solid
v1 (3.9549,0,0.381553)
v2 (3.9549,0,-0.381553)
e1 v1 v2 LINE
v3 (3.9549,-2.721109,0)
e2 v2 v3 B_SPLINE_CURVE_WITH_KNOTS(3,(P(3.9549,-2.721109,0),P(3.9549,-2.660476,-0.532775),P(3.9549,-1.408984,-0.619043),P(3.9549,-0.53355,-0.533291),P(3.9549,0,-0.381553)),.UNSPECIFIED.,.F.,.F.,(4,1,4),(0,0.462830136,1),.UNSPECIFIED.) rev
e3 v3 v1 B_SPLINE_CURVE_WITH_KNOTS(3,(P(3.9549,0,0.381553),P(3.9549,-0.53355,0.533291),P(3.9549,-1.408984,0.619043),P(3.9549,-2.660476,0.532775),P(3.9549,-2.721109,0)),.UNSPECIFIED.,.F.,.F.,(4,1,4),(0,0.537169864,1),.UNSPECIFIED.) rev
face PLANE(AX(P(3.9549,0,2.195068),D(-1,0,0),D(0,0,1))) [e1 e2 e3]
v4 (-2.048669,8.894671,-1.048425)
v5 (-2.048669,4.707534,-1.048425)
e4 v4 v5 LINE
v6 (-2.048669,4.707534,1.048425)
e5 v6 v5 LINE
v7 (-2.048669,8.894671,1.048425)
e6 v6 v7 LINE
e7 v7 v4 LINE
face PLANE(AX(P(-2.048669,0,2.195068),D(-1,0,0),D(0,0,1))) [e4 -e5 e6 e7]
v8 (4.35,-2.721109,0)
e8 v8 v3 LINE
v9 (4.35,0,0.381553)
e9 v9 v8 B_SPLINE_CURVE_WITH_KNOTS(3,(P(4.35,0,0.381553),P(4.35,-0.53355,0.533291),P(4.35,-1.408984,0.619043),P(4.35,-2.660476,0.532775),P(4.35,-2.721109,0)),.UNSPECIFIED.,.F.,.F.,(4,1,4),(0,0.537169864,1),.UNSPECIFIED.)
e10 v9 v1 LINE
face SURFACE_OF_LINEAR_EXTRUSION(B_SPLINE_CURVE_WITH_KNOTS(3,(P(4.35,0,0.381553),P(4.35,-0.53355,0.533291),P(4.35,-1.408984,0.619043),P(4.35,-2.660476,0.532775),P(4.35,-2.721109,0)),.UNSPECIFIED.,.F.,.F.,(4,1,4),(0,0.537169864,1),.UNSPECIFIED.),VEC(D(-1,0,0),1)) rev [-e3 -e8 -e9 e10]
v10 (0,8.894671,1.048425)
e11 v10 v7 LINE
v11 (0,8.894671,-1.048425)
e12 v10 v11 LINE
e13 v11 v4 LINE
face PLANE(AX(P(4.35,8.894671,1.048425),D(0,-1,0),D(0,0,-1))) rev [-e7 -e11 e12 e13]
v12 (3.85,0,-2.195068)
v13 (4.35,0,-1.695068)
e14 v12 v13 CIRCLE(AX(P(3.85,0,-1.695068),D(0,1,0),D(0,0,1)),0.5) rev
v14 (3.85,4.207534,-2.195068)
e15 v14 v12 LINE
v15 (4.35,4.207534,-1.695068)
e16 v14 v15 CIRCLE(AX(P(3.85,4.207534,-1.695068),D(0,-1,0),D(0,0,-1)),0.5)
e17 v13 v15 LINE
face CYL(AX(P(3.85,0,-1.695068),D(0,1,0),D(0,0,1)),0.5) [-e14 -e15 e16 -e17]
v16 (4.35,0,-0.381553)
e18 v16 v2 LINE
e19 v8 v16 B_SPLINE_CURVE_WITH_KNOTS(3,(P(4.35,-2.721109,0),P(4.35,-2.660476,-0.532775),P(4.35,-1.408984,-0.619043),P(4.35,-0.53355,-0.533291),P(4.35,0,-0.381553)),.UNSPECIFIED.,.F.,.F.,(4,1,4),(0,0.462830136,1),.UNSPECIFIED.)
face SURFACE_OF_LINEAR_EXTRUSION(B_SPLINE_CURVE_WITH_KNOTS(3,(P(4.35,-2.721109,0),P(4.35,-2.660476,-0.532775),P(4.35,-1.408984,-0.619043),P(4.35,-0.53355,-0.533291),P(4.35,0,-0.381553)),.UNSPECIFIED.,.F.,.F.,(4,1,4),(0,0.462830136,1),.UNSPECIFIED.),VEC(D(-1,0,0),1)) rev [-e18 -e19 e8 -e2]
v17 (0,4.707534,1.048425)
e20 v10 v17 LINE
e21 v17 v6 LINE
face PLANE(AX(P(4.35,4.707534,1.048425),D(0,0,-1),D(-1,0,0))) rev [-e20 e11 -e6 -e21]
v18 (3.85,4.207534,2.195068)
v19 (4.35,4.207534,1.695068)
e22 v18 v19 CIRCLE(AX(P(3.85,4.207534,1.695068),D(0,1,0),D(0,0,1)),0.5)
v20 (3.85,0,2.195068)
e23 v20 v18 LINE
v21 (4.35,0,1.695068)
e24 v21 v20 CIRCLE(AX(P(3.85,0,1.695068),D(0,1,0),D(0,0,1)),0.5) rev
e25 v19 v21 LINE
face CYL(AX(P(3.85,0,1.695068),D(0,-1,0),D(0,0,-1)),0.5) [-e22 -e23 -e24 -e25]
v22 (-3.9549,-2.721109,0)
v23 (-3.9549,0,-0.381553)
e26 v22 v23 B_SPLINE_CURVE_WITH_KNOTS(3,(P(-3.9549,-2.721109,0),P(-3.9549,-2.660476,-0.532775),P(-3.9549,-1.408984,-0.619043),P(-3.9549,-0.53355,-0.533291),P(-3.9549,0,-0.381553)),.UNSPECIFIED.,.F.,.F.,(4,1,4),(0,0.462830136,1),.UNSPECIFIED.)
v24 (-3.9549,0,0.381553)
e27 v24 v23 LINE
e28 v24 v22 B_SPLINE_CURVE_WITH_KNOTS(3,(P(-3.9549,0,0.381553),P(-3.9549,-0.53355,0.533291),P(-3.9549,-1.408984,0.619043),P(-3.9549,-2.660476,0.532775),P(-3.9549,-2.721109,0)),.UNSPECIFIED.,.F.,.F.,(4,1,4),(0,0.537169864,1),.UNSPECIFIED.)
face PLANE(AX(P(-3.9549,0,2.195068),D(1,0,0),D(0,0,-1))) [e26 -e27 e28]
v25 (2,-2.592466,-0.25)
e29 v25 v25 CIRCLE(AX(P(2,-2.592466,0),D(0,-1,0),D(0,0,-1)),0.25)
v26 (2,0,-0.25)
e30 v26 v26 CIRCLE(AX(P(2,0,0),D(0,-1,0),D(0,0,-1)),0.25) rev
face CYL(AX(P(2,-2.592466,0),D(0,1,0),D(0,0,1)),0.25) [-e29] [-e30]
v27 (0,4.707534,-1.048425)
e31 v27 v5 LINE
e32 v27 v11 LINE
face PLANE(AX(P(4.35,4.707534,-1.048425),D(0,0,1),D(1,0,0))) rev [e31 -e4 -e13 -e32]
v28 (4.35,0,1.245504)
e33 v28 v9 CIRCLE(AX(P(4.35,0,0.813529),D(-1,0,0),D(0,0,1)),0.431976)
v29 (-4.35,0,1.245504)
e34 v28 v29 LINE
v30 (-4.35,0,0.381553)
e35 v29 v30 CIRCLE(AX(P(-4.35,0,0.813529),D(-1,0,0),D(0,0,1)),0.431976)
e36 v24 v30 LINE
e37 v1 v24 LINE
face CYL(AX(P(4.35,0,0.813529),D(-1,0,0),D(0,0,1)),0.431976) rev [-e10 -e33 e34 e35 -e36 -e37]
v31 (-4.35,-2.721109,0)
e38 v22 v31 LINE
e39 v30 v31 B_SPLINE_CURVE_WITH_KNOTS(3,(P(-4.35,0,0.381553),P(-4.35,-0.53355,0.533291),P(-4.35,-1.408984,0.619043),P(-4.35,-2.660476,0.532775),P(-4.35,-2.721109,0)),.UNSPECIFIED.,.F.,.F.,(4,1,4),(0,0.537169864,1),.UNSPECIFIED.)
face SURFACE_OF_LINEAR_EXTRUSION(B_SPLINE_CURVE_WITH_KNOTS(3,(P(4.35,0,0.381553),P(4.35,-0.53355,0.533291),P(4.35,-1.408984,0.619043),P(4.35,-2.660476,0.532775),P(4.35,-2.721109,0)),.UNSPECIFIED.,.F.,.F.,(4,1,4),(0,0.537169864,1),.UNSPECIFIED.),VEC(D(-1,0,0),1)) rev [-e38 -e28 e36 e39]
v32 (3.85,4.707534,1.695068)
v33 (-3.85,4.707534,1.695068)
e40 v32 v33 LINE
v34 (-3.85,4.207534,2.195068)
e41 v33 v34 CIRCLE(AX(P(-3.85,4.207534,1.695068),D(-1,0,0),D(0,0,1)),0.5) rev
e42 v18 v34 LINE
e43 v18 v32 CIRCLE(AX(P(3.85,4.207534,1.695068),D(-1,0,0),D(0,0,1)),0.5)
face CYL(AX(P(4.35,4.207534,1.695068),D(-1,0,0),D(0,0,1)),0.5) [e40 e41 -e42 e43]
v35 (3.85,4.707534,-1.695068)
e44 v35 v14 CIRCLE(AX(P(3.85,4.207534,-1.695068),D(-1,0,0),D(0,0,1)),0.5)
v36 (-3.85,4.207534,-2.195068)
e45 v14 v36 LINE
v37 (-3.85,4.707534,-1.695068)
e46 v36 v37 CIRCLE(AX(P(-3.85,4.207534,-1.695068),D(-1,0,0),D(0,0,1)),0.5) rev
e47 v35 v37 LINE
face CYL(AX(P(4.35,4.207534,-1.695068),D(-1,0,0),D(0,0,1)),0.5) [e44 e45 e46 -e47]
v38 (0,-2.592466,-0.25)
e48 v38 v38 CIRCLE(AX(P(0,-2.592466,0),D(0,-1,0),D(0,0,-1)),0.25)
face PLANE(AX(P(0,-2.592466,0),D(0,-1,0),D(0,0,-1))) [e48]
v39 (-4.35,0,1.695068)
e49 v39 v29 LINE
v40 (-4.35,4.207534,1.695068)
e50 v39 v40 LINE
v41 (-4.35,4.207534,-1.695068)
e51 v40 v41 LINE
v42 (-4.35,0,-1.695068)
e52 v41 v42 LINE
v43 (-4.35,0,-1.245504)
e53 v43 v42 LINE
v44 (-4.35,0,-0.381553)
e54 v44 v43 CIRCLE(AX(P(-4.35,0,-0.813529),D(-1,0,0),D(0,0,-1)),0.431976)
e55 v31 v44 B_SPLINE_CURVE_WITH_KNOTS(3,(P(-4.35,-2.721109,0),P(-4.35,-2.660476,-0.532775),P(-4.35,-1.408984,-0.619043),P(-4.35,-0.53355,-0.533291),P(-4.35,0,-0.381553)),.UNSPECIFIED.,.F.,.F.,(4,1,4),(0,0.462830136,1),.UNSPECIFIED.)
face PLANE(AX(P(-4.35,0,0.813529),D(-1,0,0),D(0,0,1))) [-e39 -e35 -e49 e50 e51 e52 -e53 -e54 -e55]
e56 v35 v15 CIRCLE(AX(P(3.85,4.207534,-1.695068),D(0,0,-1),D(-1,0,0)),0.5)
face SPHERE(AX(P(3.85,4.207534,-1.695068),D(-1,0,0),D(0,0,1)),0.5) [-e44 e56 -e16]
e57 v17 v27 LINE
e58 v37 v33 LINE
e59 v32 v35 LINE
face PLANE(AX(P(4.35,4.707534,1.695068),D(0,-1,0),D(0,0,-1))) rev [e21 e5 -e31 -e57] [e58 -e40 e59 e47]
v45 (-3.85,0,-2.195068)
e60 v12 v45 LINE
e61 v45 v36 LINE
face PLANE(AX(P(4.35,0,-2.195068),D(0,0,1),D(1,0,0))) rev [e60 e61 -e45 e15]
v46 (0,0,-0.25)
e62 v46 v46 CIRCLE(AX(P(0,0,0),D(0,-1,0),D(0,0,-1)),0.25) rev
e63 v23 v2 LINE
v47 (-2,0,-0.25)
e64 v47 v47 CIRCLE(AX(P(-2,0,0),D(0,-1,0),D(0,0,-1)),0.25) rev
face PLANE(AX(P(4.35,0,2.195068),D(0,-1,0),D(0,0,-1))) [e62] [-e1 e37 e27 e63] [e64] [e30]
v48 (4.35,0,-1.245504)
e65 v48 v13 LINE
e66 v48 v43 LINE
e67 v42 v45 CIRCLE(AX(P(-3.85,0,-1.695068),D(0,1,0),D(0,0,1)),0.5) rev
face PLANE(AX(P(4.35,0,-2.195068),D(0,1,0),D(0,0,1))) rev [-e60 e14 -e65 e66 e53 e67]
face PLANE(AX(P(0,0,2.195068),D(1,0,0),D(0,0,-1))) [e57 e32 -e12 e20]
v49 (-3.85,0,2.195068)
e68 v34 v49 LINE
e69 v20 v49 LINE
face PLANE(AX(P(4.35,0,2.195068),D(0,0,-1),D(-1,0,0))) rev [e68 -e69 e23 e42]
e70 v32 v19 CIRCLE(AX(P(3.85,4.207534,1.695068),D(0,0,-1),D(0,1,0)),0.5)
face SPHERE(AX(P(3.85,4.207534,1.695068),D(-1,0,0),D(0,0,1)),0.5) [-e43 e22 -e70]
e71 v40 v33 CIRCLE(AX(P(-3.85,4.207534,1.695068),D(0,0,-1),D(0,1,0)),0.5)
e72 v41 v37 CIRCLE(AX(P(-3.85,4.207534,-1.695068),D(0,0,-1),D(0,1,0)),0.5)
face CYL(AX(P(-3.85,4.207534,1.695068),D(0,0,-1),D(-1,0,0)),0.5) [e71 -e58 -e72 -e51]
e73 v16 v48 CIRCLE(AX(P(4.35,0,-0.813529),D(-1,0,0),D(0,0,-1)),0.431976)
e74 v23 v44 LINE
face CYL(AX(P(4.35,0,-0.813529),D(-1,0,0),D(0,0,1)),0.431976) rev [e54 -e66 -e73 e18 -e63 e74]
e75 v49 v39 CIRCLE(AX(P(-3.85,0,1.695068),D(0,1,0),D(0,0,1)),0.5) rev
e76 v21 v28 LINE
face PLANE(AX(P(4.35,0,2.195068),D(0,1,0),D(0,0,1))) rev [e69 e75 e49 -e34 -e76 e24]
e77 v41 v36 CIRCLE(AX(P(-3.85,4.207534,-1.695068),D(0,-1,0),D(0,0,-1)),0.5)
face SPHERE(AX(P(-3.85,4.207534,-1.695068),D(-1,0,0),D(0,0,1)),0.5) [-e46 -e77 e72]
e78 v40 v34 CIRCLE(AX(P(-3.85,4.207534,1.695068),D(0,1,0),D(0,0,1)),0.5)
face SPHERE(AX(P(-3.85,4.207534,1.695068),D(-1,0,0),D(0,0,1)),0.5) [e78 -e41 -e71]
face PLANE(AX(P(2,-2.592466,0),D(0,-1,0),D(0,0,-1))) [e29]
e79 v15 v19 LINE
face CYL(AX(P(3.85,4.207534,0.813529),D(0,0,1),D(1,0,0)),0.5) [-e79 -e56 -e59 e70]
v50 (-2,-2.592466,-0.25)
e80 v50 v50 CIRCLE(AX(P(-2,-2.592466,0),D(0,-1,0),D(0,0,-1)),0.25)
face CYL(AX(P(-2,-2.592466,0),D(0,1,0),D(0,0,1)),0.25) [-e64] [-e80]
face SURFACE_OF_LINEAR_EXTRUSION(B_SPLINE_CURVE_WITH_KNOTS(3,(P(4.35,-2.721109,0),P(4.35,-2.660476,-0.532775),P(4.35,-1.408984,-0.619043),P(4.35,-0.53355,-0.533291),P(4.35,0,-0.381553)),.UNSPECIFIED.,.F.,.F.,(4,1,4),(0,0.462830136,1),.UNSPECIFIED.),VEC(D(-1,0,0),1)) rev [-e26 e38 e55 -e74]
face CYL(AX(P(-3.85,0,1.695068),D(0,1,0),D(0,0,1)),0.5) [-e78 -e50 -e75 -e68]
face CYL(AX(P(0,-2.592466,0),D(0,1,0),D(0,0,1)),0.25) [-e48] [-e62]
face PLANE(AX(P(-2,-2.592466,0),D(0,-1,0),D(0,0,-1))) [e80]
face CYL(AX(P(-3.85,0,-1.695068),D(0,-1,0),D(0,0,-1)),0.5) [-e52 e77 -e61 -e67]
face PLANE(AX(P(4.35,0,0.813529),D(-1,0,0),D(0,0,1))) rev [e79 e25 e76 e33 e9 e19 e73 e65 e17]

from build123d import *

# Parameters (mm, degrees)
EXTRUDE_1_DEPTH     = 4.35
CUT_EXTRUDE_START   = -2.195068
SKETCH_2_W          = 7.909800434
SKETCH_2_H          = 2.721108573
SKETCH_2_W_2        = 2.301330542
SKETCH_2_H_2        = 4.187137181
SKETCH_2_W_3        = 4.35
CUT_EXTRUDE_1_DEPTH = 13.336862915
FILLET_1_R          = 0.5
EXTRUDE_START       = 4.707534
SKETCH_3_R          = 0.25
EXTRUDE_2_DEPTH     = 7.3


with BuildPart() as part:
    # Эскиз1 → Бобышка-Вытянуть1 (new, symmetric)
    with BuildSketch(Plane(origin=(0, 0, 0), x_dir=(0, 0, -1), z_dir=(1, 0, 0))):
        with BuildLine():
            Line((-2.195067928, 0), (-2.195067928, 4.207534134))
            ThreePointArc((-2.195067928, 4.207534134), (-2.048621319, 4.561087525), (-1.695067928, 4.707534134))
            Line((-1.695067928, 4.707534134), (-1.048425102, 4.707534134))
            Line((-1.048425102, 4.707534134), (-1.048425102, 8.894671315))
            Line((-1.048425102, 8.894671315), (1.048425102, 8.894671315))
            Line((1.048425102, 8.894671315), (1.048425102, 4.707534134))
            Line((1.048425102, 4.707534134), (1.695067928, 4.707534134))
            ThreePointArc((1.695067928, 4.707534134), (2.048621319, 4.561087525), (2.195067928, 4.207534134))
            Line((2.195067928, 4.207534134), (2.195067928, 0))
            Line((2.195067928, 0), (1.245504338, 0))
            ThreePointArc((1.245504338, 0), (0.813528527, 0.431975811), (0.381552716, 0))
            add(Edge.make_bspline(
                [(0.381552716, 0), (0.533291167, -0.533550096), (0.61904307, -1.408984288), (0.53277478, -2.660476036), (0, -2.721108573)],
                knots=[0, 0, 0, 0, 0.537169864, 1, 1, 1, 1], degree=3))
            add(Edge.make_bspline(
                [(-0.381552716, 0), (-0.533291167, -0.533550096), (-0.61904307, -1.408984288), (-0.53277478, -2.660476036), (0, -2.721108573)],
                knots=[0, 0, 0, 0, 0.537169864, 1, 1, 1, 1], degree=3))
            ThreePointArc((-0.381552716, 0), (-0.813528527, 0.431975811), (-1.245504338, 0))
            Line((-1.245504338, 0), (-2.195067928, 0))
        make_face()
    extrude(amount=EXTRUDE_1_DEPTH, both=True)

    # Эскиз2 → Вырез-Вытянуть1 (cut, through all)
    with BuildSketch(Plane.XY.offset(CUT_EXTRUDE_START)):
        with Locations((0, -1.360554286)):
            Rectangle(SKETCH_2_W, SKETCH_2_H)
        with Locations((-3.199334729, 6.801102724)):
            Rectangle(SKETCH_2_W_2, SKETCH_2_H_2)
        with Locations((2.175, 6.801102724)):
            Rectangle(SKETCH_2_W_3, SKETCH_2_H_2)
    extrude(amount=CUT_EXTRUDE_1_DEPTH, mode=Mode.SUBTRACT)

    # Скругление1
    fillet_1_edges = [part.edges().sort_by_distance(p)[0] for p in [
        (-4.35, 2.103767067, 2.195067928),
        (-4.35, 4.561087525, 2.048621319),
        (-4.35, 4.707534134, 0),
        (-4.35, 4.561087525, -2.048621319),
        (-4.35, 2.103767067, -2.195067928),
        (4.35, 2.103767067, -2.195067928),
        (4.35, 4.561087525, -2.048621319),
        (4.35, 4.707534134, 0),
        (4.35, 4.561087525, 2.048621319),
        (4.35, 2.103767067, 2.195067928),
    ]]
    fillet(fillet_1_edges, radius=FILLET_1_R)

    # Эскиз3 → Бобышка-Вытянуть2 (add)
    with BuildSketch(Plane(origin=(0, 0, 0), x_dir=(1, 0, 0), z_dir=(0, 1, 0)).offset(EXTRUDE_START)):
        with Locations(Location((0, 0, 0), (0, 0, 90))):
            Circle(SKETCH_3_R)
        with Locations(Location((-2, 0, 0), (0, 0, 90))):
            Circle(SKETCH_3_R)
        with Locations(Location((2, 0, 0), (0, 0, 90))):
            Circle(SKETCH_3_R)
    extrude(amount=-EXTRUDE_2_DEPTH)


solid = part.part
